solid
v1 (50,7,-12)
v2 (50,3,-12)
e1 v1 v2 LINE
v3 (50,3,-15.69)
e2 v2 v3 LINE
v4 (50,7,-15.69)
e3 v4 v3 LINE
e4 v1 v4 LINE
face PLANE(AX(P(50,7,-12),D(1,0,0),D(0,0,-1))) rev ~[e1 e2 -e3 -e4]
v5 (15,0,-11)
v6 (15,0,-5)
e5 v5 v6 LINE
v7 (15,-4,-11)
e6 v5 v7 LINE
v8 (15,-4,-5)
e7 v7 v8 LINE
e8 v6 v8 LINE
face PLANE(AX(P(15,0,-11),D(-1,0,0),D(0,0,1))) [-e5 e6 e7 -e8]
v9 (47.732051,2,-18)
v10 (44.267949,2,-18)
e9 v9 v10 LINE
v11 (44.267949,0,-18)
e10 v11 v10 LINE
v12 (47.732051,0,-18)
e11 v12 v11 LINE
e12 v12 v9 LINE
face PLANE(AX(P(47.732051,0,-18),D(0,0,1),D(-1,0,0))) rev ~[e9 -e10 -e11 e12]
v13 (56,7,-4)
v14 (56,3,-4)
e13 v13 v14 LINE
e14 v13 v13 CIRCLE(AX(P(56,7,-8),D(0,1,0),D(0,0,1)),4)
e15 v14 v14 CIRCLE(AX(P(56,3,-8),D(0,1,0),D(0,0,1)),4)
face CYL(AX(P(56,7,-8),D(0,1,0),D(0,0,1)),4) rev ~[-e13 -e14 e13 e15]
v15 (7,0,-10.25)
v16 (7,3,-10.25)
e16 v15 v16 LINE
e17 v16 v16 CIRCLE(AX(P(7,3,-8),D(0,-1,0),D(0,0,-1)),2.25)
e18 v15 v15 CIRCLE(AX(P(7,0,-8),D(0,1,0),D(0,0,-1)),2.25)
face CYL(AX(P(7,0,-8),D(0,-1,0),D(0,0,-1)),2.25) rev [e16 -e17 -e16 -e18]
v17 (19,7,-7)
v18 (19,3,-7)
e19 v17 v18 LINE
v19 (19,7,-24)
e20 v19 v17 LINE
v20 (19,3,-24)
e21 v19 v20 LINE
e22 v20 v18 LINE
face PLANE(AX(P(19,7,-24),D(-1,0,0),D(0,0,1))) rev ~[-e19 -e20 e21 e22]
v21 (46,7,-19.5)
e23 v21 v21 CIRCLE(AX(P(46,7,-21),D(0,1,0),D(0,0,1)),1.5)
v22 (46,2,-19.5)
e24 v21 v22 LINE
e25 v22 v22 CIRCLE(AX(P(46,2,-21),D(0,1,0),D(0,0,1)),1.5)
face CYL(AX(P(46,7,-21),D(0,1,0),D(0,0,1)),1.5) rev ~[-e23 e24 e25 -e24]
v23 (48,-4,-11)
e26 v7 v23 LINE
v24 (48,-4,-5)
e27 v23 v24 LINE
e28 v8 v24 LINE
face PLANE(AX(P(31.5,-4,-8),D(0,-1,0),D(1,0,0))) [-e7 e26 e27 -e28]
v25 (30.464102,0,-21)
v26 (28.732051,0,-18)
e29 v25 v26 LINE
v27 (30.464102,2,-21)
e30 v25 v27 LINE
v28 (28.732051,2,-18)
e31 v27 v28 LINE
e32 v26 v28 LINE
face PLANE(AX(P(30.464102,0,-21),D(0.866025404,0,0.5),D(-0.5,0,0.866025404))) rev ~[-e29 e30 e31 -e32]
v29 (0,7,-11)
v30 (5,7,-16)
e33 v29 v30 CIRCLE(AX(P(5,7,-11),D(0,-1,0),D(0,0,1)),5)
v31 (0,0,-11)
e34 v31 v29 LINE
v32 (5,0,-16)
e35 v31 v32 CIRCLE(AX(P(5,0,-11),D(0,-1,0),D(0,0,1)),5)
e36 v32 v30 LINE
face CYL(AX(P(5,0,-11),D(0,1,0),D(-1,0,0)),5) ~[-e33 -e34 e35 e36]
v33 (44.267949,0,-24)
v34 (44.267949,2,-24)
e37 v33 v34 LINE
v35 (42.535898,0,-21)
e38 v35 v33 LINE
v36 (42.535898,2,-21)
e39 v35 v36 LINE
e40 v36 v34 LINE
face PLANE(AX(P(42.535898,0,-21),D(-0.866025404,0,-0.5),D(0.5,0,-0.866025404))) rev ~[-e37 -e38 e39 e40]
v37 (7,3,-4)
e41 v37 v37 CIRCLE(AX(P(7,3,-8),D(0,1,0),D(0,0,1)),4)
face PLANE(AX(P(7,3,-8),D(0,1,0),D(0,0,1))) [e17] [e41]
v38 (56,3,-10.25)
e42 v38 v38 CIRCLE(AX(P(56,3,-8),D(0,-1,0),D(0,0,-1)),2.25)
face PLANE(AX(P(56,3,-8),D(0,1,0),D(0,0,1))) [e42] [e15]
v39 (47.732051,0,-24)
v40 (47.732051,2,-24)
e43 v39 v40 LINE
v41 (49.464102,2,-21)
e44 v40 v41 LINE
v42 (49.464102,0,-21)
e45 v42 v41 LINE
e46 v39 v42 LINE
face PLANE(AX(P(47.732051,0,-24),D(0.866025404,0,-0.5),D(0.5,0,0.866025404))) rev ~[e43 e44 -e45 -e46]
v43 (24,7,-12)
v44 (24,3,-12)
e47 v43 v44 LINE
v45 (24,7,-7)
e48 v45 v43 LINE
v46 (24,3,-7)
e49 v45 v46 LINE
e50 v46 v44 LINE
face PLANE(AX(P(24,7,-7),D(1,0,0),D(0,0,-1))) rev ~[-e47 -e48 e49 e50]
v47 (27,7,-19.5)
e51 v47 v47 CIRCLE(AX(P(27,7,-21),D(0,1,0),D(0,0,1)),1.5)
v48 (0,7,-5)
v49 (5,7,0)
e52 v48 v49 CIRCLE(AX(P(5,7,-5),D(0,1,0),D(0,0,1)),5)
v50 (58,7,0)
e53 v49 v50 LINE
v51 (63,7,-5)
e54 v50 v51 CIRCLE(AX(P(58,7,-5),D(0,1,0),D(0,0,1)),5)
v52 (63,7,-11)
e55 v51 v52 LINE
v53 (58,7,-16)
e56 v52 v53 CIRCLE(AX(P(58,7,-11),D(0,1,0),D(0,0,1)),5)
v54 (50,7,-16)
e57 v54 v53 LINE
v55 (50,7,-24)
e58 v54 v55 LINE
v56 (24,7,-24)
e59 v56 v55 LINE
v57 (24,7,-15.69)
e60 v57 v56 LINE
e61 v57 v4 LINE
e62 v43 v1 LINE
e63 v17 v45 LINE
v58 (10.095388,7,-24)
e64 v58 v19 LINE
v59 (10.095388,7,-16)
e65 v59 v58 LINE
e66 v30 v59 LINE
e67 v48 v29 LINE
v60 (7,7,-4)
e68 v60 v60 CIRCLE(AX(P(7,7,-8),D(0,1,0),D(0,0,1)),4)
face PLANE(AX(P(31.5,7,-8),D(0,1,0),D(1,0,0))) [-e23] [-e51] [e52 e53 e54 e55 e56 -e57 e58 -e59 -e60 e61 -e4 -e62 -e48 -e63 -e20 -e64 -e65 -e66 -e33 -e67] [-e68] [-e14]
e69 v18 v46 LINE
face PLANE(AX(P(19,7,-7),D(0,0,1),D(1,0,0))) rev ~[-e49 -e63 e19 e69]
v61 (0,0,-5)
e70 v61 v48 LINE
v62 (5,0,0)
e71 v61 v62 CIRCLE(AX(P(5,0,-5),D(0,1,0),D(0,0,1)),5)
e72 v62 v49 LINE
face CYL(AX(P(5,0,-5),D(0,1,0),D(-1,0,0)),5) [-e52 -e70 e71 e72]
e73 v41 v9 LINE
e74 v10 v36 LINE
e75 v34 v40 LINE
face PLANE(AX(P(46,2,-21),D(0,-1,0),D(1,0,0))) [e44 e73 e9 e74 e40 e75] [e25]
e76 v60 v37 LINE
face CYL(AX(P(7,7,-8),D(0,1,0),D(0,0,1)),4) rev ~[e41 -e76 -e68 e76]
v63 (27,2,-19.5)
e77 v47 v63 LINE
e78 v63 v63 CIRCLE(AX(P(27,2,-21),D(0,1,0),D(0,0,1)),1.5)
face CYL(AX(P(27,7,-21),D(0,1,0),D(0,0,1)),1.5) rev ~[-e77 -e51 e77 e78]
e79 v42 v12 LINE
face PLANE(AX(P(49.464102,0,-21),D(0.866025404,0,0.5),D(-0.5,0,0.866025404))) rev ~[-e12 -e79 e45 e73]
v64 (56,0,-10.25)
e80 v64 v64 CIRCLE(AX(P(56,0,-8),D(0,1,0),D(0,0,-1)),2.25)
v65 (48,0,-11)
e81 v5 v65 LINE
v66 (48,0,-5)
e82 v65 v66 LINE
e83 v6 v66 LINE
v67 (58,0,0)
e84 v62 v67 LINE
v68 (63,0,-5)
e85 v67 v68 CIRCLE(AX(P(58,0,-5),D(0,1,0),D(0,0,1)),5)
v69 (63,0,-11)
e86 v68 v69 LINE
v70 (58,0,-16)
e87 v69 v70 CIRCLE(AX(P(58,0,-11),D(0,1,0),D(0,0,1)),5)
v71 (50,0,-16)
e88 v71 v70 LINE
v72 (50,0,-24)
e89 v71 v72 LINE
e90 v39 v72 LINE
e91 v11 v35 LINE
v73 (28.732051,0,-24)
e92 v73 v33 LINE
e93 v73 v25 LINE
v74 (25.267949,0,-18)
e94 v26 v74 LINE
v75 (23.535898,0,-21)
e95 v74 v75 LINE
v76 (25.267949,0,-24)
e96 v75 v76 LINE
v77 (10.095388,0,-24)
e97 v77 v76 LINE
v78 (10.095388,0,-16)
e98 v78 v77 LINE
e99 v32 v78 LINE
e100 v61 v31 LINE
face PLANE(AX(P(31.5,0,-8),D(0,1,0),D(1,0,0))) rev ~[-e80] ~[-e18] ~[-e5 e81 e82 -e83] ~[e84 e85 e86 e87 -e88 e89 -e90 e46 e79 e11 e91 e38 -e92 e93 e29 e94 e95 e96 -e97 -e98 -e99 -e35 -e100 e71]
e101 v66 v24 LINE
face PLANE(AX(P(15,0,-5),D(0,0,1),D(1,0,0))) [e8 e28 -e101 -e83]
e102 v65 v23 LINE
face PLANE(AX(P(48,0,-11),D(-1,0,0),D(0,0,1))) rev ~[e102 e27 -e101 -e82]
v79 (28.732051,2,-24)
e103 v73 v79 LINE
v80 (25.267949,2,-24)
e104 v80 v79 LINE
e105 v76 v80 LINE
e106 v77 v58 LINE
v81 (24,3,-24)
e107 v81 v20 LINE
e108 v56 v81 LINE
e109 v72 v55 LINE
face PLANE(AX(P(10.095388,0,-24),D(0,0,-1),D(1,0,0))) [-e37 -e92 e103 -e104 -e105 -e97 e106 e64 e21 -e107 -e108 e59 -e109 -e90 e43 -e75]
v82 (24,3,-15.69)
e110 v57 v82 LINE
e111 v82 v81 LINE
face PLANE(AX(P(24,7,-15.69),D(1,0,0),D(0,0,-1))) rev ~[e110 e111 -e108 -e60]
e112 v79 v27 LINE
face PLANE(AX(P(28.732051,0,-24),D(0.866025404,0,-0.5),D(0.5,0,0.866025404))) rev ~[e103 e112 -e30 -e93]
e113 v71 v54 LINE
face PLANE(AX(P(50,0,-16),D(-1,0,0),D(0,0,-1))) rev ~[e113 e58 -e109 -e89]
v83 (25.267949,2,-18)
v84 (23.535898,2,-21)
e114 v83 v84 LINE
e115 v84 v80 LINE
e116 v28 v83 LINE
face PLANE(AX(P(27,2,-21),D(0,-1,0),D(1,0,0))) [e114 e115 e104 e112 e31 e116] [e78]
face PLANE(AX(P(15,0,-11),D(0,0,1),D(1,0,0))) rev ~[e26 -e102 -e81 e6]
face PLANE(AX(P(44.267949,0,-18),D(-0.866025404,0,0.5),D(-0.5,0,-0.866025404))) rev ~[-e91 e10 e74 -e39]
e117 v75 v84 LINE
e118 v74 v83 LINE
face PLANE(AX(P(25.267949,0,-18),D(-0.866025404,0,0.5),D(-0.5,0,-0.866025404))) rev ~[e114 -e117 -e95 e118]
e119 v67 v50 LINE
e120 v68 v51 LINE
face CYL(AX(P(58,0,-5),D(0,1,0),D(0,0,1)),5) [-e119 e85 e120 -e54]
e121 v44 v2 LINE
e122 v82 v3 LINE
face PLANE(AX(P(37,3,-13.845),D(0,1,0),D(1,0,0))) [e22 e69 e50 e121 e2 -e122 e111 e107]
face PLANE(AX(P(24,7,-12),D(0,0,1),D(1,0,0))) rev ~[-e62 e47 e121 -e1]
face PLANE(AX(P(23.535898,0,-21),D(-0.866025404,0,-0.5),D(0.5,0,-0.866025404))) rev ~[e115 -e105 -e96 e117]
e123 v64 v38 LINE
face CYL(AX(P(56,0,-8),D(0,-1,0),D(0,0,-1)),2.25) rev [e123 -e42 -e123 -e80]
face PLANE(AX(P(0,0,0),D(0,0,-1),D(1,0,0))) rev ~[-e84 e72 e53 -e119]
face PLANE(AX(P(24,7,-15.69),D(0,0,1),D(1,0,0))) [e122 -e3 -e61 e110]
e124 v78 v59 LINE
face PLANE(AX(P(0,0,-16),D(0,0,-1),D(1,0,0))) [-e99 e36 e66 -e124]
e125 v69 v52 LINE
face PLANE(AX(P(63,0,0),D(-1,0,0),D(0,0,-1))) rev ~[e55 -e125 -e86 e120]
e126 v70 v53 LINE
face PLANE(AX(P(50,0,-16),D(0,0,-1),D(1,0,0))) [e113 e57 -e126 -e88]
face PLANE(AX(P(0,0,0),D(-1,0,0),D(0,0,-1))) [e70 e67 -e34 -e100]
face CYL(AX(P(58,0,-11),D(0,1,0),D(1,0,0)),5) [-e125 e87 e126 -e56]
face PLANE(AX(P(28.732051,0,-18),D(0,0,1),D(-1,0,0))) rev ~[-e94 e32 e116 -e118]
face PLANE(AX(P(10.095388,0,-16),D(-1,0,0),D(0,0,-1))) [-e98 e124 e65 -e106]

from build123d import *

# Parameters (mm, degrees)
EXTRUDE_1_DEPTH     = 7
SKETCH_2_R          = 2.25
CUT_EXTRUDE_1_DEPTH = 47
SKETCH_3_W          = 33
SKETCH_3_H          = 6
EXTRUDE_2_DEPTH     = 4
CUT_EXTRUDE_2_DEPTH = 4
SKETCH_5_3_R        = 1.5
CUT_EXTRUDE_3_DEPTH = 20
CUT_EXTRUDE_4_DEPTH = 2
FILLET_1_R          = 5
SKETCH_7_R          = 4
CUT_EXTRUDE_5_DEPTH = 4


with BuildPart() as part:
    # Эскиз1 → Бобышка-Вытянуть1 (new body)
    with BuildSketch(Plane(origin=(0, 0, 0), x_dir=(1, 0, 0), z_dir=(0, 1, 0))):
        Polygon((0, 16), (0, 0), (63, 0), (63, 16), (50, 16), (50, 24), (10.095388493, 24), (10.095388493, 16), align=None)
    extrude(amount=EXTRUDE_1_DEPTH)

    # Эскиз2 → Вырез-Вытянуть1 (cut)
    with BuildSketch(Plane(origin=(0, 0, 0), x_dir=(1, 0, 0), z_dir=(0, 1, 0))):
        with Locations((7, 8)):
            Circle(SKETCH_2_R)
        with Locations((56, 8)):
            Circle(SKETCH_2_R)
    extrude(amount=CUT_EXTRUDE_1_DEPTH, mode=Mode.SUBTRACT)

    # Эскиз3 → Бобышка-Вытянуть2 (add)
    with BuildSketch(Plane.XZ):
        with Locations((31.5, -8)):
            Rectangle(SKETCH_3_W, SKETCH_3_H)
    extrude(amount=EXTRUDE_2_DEPTH)

    # Эскиз5 → Вырез-Вытянуть2 (cut)
    with BuildSketch(Plane(origin=(0, 7, 0), x_dir=(1, 0, 0), z_dir=(0, 1, 0))):
        Polygon((50, 12), (50, 15.69), (24, 15.69), (24, 24), (19, 24), (19, 7), (24, 7), (24, 12), align=None)
    extrude(amount=-CUT_EXTRUDE_2_DEPTH, mode=Mode.SUBTRACT)

    # Эскиз5<3> → Вырез-Вытянуть3 (cut)
    with BuildSketch(Plane(origin=(0, 7, 0), x_dir=(1, 0, 0), z_dir=(0, 1, 0))):
        with Locations((46, 21)):
            Circle(SKETCH_5_3_R)
        with Locations((27, 21)):
            Circle(SKETCH_5_3_R)
    extrude(amount=-CUT_EXTRUDE_3_DEPTH, mode=Mode.SUBTRACT)

    # Эскиз6 → Вырез-Вытянуть4 (cut)
    with BuildSketch(Plane.XZ):
        Polygon((47.732050808, -18), (44.267949192, -18), (42.535898385, -21), (44.267949192, -24), (47.732050808, -24), (49.464101615, -21), align=None)
        Polygon((30.464101615, -21), (28.732050808, -18), (25.267949192, -18), (23.535898385, -21), (25.267949192, -24), (28.732050808, -24), align=None)
    extrude(amount=-CUT_EXTRUDE_4_DEPTH, mode=Mode.SUBTRACT)

    # Скругление1
    fillet_1_edges = [part.edges().sort_by_distance(p)[0] for p in [
        (0, 3.5, -16),
        (0, 3.5, 0),
        (63, 3.5, 0),
        (63, 3.5, -16),
    ]]
    fillet(fillet_1_edges, radius=FILLET_1_R)

    # Эскиз7 → Вырез-Вытянуть5 (cut)
    with BuildSketch(Plane(origin=(0, 7, 0), x_dir=(1, 0, 0), z_dir=(0, 1, 0))):
        with Locations((7, 8)):
            Circle(SKETCH_7_R)
        with Locations((56, 8)):
            Circle(SKETCH_7_R)
    extrude(amount=-CUT_EXTRUDE_5_DEPTH, mode=Mode.SUBTRACT)


solid = part.part
